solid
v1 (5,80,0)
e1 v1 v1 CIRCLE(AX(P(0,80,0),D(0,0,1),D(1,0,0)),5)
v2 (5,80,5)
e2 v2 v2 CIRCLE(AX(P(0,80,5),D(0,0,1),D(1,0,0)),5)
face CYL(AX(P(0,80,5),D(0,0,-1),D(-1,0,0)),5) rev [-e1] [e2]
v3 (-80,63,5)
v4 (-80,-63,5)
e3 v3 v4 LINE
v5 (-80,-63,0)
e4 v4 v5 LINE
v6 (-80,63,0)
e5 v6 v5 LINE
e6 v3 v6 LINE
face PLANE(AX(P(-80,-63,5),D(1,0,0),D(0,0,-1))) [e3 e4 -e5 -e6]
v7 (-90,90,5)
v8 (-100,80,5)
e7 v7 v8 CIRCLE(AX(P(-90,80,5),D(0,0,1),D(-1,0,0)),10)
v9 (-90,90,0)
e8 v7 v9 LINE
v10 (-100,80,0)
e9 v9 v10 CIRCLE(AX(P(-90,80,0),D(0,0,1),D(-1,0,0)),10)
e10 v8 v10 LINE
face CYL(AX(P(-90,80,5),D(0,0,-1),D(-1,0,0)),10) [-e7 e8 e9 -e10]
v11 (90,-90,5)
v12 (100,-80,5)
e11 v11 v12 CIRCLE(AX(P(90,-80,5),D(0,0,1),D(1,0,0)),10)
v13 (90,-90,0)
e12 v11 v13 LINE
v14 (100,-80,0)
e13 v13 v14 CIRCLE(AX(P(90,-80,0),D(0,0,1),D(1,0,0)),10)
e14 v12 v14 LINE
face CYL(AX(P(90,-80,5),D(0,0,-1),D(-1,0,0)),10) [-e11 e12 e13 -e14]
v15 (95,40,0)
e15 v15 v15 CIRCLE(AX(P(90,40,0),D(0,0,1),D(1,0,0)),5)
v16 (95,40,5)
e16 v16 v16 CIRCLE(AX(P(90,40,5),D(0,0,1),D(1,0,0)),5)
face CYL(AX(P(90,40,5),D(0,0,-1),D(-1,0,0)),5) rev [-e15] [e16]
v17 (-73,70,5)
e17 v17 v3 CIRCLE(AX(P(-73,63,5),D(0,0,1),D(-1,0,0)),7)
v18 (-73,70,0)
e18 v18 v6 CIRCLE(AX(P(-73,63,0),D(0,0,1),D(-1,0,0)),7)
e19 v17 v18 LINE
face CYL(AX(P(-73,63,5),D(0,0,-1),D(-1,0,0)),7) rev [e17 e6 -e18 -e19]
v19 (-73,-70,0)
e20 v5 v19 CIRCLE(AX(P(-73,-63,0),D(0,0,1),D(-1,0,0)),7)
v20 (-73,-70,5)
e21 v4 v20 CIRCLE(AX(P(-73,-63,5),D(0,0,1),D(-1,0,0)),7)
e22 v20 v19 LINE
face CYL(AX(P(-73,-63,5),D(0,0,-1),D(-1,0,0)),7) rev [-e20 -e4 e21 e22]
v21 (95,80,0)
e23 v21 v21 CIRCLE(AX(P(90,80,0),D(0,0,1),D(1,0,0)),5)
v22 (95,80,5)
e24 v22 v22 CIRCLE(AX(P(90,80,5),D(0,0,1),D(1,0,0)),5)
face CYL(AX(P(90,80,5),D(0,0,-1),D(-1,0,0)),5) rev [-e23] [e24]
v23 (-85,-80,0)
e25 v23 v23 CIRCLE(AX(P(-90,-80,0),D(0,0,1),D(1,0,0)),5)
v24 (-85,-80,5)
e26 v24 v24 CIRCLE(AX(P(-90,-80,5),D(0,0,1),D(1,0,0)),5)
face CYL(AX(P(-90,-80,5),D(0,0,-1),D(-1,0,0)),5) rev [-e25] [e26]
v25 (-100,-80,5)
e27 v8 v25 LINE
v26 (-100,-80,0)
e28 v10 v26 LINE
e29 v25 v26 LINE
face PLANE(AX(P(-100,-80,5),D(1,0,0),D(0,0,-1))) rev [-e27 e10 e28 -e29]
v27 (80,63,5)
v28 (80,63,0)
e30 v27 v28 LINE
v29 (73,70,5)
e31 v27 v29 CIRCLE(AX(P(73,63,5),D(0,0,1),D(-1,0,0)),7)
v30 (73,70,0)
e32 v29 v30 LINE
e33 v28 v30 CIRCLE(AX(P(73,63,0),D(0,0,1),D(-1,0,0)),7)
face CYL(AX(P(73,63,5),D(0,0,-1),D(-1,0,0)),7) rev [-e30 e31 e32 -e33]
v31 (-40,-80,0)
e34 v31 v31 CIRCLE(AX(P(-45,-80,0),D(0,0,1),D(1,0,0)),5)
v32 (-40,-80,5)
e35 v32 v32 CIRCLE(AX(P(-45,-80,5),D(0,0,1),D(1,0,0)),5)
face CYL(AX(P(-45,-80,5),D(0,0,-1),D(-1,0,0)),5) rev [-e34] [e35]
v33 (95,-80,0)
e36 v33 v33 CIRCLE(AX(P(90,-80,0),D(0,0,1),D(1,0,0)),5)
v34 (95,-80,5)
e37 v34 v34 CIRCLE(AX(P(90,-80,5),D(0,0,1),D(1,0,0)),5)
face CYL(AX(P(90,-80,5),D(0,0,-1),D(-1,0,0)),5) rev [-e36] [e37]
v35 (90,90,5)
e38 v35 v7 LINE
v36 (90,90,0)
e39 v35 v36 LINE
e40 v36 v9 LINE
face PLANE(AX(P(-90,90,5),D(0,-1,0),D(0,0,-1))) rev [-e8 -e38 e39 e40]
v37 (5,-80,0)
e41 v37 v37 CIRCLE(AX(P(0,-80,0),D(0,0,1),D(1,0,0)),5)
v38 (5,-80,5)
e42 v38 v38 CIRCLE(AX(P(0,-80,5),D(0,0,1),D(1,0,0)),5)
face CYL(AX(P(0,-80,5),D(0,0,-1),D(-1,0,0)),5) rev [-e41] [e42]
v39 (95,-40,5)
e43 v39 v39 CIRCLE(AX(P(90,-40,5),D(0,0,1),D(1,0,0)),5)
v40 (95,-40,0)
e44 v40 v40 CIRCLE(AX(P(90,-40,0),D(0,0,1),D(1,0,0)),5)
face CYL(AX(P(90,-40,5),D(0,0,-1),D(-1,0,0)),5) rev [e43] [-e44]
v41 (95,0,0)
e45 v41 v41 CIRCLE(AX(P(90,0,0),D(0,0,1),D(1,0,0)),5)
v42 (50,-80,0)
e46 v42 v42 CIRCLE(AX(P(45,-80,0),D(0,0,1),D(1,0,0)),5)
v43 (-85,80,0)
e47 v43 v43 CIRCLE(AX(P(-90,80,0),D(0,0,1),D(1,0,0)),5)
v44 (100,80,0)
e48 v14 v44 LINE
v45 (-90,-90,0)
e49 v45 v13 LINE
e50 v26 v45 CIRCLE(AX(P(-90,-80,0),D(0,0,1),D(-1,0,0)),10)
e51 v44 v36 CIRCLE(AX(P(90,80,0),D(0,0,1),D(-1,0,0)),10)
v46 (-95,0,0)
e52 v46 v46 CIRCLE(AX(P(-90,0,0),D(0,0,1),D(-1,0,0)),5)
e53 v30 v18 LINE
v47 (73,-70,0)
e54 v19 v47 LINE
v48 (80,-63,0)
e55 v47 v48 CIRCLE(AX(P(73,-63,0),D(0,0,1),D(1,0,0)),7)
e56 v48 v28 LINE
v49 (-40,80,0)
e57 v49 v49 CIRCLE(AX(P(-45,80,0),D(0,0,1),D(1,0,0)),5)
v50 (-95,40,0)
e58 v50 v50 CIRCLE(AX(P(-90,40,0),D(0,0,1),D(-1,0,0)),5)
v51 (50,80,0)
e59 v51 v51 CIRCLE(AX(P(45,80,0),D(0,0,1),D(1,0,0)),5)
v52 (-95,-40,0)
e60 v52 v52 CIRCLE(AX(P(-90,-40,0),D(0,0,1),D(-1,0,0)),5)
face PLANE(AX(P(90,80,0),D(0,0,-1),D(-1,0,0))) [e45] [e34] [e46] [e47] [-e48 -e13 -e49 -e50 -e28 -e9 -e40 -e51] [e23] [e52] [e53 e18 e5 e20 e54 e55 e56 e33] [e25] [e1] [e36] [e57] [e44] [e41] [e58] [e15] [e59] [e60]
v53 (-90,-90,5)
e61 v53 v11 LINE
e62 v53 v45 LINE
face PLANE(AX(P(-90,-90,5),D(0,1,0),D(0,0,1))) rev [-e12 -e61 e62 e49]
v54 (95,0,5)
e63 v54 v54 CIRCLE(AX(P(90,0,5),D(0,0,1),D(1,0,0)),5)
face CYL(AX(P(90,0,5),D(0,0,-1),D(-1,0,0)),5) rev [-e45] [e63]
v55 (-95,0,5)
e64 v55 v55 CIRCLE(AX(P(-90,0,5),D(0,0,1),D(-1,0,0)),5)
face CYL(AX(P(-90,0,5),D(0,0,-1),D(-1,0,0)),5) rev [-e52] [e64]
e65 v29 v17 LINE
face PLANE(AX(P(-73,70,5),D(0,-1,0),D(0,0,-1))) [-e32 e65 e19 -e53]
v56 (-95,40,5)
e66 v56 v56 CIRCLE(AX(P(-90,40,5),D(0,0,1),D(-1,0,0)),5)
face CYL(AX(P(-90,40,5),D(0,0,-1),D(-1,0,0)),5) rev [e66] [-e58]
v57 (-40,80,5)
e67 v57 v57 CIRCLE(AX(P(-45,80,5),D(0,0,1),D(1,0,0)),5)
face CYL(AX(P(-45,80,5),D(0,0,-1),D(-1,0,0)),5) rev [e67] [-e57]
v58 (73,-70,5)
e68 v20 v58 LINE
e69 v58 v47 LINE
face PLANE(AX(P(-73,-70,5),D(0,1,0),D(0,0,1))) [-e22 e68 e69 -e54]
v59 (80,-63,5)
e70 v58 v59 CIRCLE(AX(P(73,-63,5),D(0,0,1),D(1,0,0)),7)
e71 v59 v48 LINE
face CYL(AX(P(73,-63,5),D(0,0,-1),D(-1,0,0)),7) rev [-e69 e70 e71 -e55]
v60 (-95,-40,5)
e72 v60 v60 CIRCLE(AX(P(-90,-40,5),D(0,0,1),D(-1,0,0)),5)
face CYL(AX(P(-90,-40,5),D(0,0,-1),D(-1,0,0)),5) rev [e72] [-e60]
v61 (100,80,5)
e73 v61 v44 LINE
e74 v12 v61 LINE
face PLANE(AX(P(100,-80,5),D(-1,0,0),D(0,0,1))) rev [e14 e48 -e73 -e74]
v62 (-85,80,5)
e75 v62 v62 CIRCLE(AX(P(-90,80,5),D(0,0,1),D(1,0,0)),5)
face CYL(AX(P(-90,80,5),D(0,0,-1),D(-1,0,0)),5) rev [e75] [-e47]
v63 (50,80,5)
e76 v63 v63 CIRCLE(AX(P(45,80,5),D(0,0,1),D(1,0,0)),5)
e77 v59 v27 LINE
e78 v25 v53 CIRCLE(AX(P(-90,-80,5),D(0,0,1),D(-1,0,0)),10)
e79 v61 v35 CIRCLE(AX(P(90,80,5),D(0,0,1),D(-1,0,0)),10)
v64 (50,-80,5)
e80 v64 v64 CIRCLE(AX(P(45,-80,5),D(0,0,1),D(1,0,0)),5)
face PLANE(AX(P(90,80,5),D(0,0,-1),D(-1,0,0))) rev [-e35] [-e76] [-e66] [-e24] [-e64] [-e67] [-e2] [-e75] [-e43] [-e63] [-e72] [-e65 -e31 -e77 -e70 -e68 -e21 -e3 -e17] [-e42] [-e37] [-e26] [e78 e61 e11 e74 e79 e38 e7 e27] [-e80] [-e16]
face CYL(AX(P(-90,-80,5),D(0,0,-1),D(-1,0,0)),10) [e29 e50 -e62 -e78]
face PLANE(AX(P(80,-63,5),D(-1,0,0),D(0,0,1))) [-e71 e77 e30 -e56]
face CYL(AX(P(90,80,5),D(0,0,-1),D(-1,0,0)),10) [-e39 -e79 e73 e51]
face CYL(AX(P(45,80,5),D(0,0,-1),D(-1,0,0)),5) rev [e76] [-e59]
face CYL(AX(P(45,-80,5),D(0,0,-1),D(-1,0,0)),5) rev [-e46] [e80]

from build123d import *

# Parameters (mm, degrees)
SKETCH_1_R      = 5
EXTRUDE_1_DEPTH = 5


with BuildPart() as part:
    # 草图1 → 凸台-拉伸1 (new body)
    with BuildSketch(Plane.XY):
        with BuildLine():
            Line((-90, -90), (90, -90))
            ThreePointArc((90, -90), (97.071067812, -87.071067812), (100, -80))
            Line((100, -80), (100, 80))
            ThreePointArc((100, 80), (97.071067812, 87.071067812), (90, 90))
            Line((90, 90), (-90, 90))
            ThreePointArc((-90, 90), (-97.071067812, 87.071067812), (-100, 80))
            Line((-100, 80), (-100, -80))
            ThreePointArc((-100, -80), (-97.071067812, -87.071067812), (-90, -90))
        make_face()
        with Locations((90, -80)):
            Circle(SKETCH_1_R, mode=Mode.SUBTRACT)
        with Locations((90, 80)):
            Circle(SKETCH_1_R, mode=Mode.SUBTRACT)
        with Locations((-90, 80)):
            Circle(SKETCH_1_R, mode=Mode.SUBTRACT)
        with Locations((-90, -80)):
            Circle(SKETCH_1_R, mode=Mode.SUBTRACT)
        with Locations((90, 0)):
            Circle(SKETCH_1_R, mode=Mode.SUBTRACT)
        with Locations((90, -40)):
            Circle(SKETCH_1_R, mode=Mode.SUBTRACT)
        with Locations((90, 40)):
            Circle(SKETCH_1_R, mode=Mode.SUBTRACT)
        with Locations(Location((-90, -40, 0), (0, 0, 180))):
            Circle(SKETCH_1_R, mode=Mode.SUBTRACT)
        with Locations(Location((-90, 0, 0), (0, 0, 180))):
            Circle(SKETCH_1_R, mode=Mode.SUBTRACT)
        with Locations(Location((-90, 40, 0), (0, 0, 180))):
            Circle(SKETCH_1_R, mode=Mode.SUBTRACT)
        with Locations((0, 80)):
            Circle(SKETCH_1_R, mode=Mode.SUBTRACT)
        with Locations((-45, 80)):
            Circle(SKETCH_1_R, mode=Mode.SUBTRACT)
        with Locations((45, 80)):
            Circle(SKETCH_1_R, mode=Mode.SUBTRACT)
        with Locations((0, -80)):
            Circle(SKETCH_1_R, mode=Mode.SUBTRACT)
        with Locations((-45, -80)):
            Circle(SKETCH_1_R, mode=Mode.SUBTRACT)
        with Locations((45, -80)):
            Circle(SKETCH_1_R, mode=Mode.SUBTRACT)
        with BuildLine():
            Line((-73, -70), (73, -70))
            ThreePointArc((73, -70), (77.949747468, -67.949747468), (80, -63))
            Line((80, -63), (80, 63))
            ThreePointArc((80, 63), (77.949747468, 67.949747468), (73, 70))
            Line((73, 70), (-73, 70))
            ThreePointArc((-73, 70), (-77.949747468, 67.949747468), (-80, 63))
            Line((-80, 63), (-80, -63))
            ThreePointArc((-80, -63), (-77.949747468, -67.949747468), (-73, -70))
        make_face(mode=Mode.SUBTRACT)
    extrude(amount=EXTRUDE_1_DEPTH)


solid = part.part
